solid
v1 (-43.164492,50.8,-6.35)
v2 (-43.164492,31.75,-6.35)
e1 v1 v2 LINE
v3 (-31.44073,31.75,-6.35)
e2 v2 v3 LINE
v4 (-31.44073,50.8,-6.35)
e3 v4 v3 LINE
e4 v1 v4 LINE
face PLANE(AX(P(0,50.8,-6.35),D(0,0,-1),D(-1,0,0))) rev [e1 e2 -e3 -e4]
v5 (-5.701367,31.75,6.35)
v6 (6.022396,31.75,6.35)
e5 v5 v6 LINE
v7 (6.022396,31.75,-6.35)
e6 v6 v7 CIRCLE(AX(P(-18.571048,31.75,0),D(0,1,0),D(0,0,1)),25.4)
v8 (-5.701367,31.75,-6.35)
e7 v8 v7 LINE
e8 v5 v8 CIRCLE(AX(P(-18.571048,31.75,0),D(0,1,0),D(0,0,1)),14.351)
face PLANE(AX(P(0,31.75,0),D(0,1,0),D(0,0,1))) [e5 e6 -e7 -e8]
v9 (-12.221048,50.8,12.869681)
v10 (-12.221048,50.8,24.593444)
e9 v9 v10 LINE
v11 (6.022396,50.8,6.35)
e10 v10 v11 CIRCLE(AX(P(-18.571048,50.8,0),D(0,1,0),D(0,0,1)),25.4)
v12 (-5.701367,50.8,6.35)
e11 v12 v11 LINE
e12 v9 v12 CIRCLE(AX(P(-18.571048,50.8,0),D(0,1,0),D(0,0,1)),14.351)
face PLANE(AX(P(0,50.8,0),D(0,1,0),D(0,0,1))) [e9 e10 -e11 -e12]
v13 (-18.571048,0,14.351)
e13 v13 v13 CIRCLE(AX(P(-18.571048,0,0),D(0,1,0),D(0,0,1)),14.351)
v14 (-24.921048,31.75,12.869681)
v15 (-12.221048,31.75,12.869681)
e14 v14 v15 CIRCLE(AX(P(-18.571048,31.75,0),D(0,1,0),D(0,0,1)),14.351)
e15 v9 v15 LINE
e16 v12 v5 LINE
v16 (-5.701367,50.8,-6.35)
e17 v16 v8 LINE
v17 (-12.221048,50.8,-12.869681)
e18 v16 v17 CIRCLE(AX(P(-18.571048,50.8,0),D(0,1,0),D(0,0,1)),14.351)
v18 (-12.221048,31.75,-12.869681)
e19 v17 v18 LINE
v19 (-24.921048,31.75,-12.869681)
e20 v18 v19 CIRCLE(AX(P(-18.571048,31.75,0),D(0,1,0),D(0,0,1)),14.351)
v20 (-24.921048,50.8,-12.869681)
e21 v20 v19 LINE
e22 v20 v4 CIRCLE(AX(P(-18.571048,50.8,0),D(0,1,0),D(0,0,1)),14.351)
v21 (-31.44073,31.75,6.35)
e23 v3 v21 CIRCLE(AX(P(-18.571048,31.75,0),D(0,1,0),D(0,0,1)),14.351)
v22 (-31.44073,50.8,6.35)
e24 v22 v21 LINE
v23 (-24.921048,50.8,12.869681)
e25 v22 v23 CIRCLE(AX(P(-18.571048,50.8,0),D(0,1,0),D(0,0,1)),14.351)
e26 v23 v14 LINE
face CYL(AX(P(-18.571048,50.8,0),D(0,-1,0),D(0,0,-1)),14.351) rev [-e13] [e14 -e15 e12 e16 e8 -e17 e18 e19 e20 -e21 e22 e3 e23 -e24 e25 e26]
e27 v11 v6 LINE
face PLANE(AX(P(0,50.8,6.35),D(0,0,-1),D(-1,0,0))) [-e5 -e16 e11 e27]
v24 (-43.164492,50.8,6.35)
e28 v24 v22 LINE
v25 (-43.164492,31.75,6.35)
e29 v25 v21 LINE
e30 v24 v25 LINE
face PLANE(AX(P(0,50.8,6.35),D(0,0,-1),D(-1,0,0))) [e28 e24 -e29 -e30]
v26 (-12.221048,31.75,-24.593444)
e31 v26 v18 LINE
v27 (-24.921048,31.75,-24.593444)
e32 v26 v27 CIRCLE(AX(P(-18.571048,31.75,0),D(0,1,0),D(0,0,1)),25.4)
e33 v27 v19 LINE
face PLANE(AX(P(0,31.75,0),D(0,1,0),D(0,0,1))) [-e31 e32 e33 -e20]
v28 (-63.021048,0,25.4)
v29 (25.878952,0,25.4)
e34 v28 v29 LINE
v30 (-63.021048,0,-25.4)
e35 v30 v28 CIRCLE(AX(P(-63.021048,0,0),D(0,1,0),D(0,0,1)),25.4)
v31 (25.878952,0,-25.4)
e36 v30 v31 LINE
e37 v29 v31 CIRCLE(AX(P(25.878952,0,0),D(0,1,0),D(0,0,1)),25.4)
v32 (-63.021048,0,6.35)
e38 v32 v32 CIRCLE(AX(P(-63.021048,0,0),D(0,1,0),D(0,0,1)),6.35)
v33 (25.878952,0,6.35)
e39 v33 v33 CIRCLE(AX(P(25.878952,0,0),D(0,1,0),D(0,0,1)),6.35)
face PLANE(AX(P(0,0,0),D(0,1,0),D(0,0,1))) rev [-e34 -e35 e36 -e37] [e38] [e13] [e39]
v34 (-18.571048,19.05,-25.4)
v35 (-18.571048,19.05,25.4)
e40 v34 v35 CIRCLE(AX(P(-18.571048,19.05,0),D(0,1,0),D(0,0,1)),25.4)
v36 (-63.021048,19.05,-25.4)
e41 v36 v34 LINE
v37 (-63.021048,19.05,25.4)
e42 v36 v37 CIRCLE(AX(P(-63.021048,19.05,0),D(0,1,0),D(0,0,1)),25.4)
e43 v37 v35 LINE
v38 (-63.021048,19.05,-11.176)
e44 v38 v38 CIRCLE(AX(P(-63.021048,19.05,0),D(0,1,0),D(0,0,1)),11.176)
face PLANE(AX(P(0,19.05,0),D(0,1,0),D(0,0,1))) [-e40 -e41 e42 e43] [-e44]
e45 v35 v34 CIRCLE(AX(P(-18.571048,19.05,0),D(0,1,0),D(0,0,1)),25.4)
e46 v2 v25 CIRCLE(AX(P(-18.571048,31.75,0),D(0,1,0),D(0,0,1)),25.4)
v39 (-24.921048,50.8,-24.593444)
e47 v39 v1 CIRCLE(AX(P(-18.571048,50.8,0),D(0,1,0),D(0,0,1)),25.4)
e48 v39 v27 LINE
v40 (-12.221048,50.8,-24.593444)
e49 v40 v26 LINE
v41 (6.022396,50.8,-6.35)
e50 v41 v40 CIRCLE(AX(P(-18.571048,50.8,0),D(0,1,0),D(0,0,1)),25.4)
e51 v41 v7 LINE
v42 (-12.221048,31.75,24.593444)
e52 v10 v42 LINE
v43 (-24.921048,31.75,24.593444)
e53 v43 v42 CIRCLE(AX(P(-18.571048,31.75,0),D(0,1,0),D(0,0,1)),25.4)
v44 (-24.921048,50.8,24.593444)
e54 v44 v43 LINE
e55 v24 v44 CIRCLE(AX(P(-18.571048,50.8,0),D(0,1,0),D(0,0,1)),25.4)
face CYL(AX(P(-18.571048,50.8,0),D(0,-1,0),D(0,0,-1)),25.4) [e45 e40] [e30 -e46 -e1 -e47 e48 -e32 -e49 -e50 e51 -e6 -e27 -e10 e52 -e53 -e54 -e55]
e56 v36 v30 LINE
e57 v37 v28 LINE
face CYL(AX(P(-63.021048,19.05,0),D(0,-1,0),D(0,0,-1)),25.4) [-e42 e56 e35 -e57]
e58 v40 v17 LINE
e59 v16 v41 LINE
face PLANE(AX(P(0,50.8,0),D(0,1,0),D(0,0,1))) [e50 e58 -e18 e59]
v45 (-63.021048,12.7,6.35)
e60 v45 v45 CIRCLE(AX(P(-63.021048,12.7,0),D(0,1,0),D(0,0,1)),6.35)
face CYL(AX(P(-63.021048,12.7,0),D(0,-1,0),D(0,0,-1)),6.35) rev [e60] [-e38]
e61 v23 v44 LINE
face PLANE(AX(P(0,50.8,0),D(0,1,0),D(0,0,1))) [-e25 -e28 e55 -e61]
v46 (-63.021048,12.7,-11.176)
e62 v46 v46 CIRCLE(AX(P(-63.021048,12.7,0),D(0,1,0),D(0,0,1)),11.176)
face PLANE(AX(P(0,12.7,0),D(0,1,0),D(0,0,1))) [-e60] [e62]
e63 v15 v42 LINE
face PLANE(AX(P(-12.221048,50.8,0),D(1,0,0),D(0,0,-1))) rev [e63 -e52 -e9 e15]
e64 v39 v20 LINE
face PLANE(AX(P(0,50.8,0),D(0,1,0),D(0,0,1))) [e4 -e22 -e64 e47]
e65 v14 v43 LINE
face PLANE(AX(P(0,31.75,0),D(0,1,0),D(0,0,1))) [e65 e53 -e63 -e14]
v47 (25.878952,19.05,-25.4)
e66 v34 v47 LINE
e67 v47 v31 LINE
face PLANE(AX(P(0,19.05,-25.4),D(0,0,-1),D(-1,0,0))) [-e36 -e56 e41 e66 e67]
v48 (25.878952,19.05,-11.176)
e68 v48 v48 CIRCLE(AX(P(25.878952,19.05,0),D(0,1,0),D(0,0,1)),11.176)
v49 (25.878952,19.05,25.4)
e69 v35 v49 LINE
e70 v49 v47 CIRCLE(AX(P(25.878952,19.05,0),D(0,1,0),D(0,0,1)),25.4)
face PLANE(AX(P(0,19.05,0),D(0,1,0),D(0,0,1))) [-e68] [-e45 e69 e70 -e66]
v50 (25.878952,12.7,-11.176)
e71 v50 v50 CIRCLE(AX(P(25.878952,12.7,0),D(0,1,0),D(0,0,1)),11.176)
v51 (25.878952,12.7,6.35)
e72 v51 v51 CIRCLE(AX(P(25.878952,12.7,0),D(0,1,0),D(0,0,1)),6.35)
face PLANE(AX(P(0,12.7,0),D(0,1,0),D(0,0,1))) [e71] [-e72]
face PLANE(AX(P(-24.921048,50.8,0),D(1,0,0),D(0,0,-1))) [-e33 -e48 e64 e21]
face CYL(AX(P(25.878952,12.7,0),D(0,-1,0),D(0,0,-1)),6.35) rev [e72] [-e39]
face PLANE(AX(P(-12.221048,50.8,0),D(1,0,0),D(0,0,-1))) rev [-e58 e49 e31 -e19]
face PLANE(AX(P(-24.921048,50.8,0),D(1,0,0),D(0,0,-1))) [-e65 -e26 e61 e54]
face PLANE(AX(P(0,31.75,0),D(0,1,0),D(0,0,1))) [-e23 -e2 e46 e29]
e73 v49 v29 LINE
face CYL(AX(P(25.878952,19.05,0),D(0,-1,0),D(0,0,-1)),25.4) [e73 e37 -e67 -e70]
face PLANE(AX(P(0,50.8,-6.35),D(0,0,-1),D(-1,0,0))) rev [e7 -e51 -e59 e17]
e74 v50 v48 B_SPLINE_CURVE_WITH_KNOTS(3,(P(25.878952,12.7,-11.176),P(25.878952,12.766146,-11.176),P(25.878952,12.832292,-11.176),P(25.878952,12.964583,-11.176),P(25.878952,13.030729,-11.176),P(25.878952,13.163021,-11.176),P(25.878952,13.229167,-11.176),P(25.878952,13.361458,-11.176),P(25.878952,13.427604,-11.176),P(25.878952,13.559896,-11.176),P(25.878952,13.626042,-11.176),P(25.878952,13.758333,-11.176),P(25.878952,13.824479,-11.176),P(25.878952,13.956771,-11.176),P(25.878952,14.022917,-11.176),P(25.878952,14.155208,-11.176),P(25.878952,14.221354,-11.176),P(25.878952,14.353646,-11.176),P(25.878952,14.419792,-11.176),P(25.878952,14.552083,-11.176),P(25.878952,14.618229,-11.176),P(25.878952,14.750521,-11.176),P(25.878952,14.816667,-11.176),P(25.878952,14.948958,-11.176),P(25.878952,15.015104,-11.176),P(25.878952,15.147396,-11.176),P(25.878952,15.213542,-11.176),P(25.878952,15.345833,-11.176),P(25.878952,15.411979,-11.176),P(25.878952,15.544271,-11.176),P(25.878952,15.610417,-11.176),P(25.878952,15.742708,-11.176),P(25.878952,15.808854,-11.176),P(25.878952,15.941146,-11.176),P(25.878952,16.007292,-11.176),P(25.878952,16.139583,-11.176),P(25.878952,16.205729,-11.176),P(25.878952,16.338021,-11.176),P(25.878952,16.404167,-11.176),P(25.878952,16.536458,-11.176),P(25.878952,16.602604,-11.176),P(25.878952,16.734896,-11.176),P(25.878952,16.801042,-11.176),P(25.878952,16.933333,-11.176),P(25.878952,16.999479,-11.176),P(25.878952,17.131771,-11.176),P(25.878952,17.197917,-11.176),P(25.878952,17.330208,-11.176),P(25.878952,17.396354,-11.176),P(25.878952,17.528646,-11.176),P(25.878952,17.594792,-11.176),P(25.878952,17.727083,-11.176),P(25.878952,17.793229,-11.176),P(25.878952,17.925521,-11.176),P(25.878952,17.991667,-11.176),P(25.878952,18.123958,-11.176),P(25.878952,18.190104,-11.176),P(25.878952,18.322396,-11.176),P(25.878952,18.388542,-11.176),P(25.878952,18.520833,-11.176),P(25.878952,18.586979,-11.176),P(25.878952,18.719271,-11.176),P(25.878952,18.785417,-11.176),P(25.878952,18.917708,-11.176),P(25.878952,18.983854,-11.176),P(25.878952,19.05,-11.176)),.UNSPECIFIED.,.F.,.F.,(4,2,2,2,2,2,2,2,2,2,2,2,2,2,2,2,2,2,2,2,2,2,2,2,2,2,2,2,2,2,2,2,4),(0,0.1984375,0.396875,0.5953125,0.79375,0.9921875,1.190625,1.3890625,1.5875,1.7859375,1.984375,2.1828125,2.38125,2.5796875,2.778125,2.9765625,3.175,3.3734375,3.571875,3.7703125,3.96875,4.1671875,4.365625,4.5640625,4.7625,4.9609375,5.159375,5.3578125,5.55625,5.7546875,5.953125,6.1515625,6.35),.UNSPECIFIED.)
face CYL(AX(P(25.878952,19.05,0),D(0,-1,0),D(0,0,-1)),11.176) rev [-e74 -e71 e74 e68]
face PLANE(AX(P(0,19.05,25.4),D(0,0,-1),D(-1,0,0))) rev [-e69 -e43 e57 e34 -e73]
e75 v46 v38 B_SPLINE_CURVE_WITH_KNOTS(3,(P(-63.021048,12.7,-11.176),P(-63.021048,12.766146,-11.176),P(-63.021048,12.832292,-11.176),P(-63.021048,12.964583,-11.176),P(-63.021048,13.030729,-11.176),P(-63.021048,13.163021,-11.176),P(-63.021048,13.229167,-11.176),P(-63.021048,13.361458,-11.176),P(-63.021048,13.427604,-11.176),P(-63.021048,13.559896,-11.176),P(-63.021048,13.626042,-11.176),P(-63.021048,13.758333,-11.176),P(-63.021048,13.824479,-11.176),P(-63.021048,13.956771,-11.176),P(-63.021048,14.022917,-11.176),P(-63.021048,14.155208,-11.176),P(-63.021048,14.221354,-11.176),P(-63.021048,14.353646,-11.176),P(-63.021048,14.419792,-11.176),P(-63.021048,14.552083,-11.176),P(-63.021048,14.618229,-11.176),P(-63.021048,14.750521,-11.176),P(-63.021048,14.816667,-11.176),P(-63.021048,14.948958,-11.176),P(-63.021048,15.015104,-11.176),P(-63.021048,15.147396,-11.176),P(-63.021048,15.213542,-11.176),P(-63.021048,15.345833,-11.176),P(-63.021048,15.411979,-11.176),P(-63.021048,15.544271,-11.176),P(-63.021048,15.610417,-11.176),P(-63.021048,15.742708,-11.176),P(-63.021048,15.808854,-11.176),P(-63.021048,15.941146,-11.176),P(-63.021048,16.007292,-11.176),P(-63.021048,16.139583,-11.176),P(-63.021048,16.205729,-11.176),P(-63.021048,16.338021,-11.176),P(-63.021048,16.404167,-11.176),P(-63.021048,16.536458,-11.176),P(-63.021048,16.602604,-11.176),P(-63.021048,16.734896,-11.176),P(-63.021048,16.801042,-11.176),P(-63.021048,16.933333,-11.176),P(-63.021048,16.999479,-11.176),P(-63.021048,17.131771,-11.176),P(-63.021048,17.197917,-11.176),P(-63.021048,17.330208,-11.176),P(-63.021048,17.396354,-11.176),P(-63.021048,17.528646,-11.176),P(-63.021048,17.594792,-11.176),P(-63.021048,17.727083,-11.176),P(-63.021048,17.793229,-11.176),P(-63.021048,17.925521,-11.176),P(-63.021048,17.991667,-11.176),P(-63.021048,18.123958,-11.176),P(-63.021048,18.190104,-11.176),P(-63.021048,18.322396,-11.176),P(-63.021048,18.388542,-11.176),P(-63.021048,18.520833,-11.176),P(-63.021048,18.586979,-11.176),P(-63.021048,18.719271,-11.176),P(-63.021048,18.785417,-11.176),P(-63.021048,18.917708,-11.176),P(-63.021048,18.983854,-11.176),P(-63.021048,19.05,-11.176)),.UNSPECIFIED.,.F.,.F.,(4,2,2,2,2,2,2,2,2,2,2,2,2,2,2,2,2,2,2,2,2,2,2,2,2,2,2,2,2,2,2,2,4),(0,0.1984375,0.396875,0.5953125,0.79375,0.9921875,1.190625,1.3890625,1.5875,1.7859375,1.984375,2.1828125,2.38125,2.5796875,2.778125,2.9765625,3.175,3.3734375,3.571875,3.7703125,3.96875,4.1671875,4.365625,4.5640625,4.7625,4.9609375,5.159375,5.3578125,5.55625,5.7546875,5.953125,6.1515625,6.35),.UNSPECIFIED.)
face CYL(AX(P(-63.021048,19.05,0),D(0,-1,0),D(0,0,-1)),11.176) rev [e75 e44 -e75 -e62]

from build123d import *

# Parameters (mm, degrees)
SKETCH1_R             = 11.176
BOSS_EXTRUDE1_DEPTH   = 19.05
BOSS_EXTRUDE1_2_DEPTH = 19.05
BOSS_EXTRUDE2_DEPTH   = 50.8
BOSS_EXTRUDE3_DEPTH   = 31.75
SKETCH1_5_R           = 11.176
SKETCH1_5_R_2         = 6.35
BOSS_EXTRUDE4_DEPTH   = 12.7


with BuildPart() as part:
    # Sketch1 → Boss-Extrude1 (new body)
    with BuildSketch(Plane(origin=(0, 0, 0), x_dir=(1, 0, 0), z_dir=(0, 1, 0))):
        with BuildLine():
            ThreePointArc((-63.02104825, 25.4), (-88.42104825, 0), (-63.02104825, -25.4))
            Line((-63.02104825, -25.4), (-18.57104825, -25.4))
            ThreePointArc((-18.57104825, -25.4), (-43.97104825, -1.3e-08), (-18.571048276, 25.4))
            Line((-18.571048276, 25.4), (-63.02104825, 25.4))
        make_face()
        with Locations(Location((-63.02104825, 0, 0), (0, 0, 90))):
            Circle(SKETCH1_R, mode=Mode.SUBTRACT)
    extrude(amount=BOSS_EXTRUDE1_DEPTH)



with BuildPart() as body_2:
    # Sketch1 → Boss-Extrude1 2 (new body)
    with BuildSketch(Plane(origin=(0, 0, 0), x_dir=(1, 0, 0), z_dir=(0, 1, 0))):
        with BuildLine():
            ThreePointArc((-18.571048276, 25.4), (6.82895175, 1.3e-08), (-18.57104825, -25.4))
            Line((-18.57104825, -25.4), (25.87895175, -25.4))
            ThreePointArc((25.87895175, -25.4), (51.27895175, 0), (25.87895175, 25.4))
            Line((25.87895175, 25.4), (-18.571048276, 25.4))
        make_face()
        with Locations(Location((25.87895175, 0, 0), (0, 0, 90))):
            Circle(SKETCH1_R, mode=Mode.SUBTRACT)
    extrude(amount=BOSS_EXTRUDE1_2_DEPTH)


with BuildPart() as part_1:
    add(part.part)

    add(body_2.part)  # Boss-Extrude2 merges body 2
    # Sketch1<3> → Boss-Extrude2 (add)
    with BuildSketch(Plane(origin=(0, 0, 0), x_dir=(1, 0, 0), z_dir=(0, 1, 0))):
        with BuildLine():
            Line((-24.92104825, 12.869681465), (-24.92104825, 24.593444248))
            ThreePointArc((-24.92104825, 24.593444248), (-36.531560492, 17.960512242), (-43.164492498, 6.35))
            Line((-43.164492498, 6.35), (-31.440729714, 6.35))
            ThreePointArc((-31.440729714, 6.35), (-28.718737667, 10.147689417), (-24.92104825, 12.869681465))
        make_face()
        with BuildLine():
            ThreePointArc((6.022395999, 6.35), (-0.610536008, 17.960512242), (-12.22104825, 24.593444248))
            Line((-12.22104825, 24.593444248), (-12.22104825, 12.869681465))
            ThreePointArc((-12.22104825, 12.869681465), (-8.423358833, 10.147689417), (-5.701366785, 6.35))
            Line((-5.701366785, 6.35), (6.022395999, 6.35))
        make_face()
        with BuildLine():
            ThreePointArc((-43.164492498, -6.35), (-36.531560492, -17.960512242), (-24.92104825, -24.593444248))
            Line((-24.92104825, -24.593444248), (-24.92104825, -12.869681465))
            ThreePointArc((-24.92104825, -12.869681465), (-28.718737667, -10.147689417), (-31.440729714, -6.35))
            Line((-31.440729714, -6.35), (-43.164492498, -6.35))
        make_face()
        with BuildLine():
            Line((-12.22104825, -12.869681465), (-12.22104825, -24.593444248))
            ThreePointArc((-12.22104825, -24.593444248), (-0.610536008, -17.960512242), (6.022395999, -6.35))
            Line((6.022395999, -6.35), (-5.701366785, -6.35))
            ThreePointArc((-5.701366785, -6.35), (-8.423358833, -10.147689417), (-12.22104825, -12.869681465))
        make_face()
    extrude(amount=BOSS_EXTRUDE2_DEPTH)

    # Sketch1<4> → Boss-Extrude3 (add)
    with BuildSketch(Plane(origin=(0, 0, 0), x_dir=(1, 0, 0), z_dir=(0, 1, 0))):
        with BuildLine():
            ThreePointArc((-18.571048276, 25.4), (-21.771557292, 25.197554284), (-24.92104825, 24.593444248))
            Line((-24.92104825, 24.593444248), (-24.92104825, 12.869681465))
            ThreePointArc((-24.92104825, 12.869681465), (-18.57104825, 14.351), (-12.22104825, 12.869681465))
            Line((-12.22104825, 12.869681465), (-12.22104825, 24.593444248))
            ThreePointArc((-12.22104825, 24.593444248), (-15.370539234, 25.197554287), (-18.571048276, 25.4))
        make_face()
        with BuildLine():
            Line((-24.92104825, -12.869681465), (-24.92104825, -24.593444248))
            ThreePointArc((-24.92104825, -24.593444248), (-21.771557279, -25.197554285), (-18.57104825, -25.4))
            ThreePointArc((-18.57104825, -25.4), (-15.370539221, -25.197554285), (-12.22104825, -24.593444248))
            Line((-12.22104825, -24.593444248), (-12.22104825, -12.869681465))
            ThreePointArc((-12.22104825, -12.869681465), (-18.57104825, -14.351), (-24.92104825, -12.869681465))
        make_face()
        with BuildLine():
            ThreePointArc((-43.164492498, 6.35), (-43.768602535, 3.200509029), (-43.97104825, 0))
            Line((-43.97104825, 0), (-32.92204825, 0))
            ThreePointArc((-32.92204825, 0), (-32.546812982, 3.260245566), (-31.440729714, 6.35))
            Line((-31.440729714, 6.35), (-43.164492498, 6.35))
        make_face()
        with BuildLine():
            ThreePointArc((-5.701366785, 6.35), (-4.595283518, 3.260245566), (-4.22004825, 0))
            Line((-4.22004825, 0), (6.82895175, 0))
            ThreePointArc((6.82895175, 0), (6.626506035, 3.200509029), (6.022395999, 6.35))
            Line((6.022395999, 6.35), (-5.701366785, 6.35))
        make_face()
        with BuildLine():
            Line((-32.92204825, 0), (-43.97104825, 0))
            ThreePointArc((-43.97104825, 0), (-43.768602535, -3.200509029), (-43.164492498, -6.35))
            Line((-43.164492498, -6.35), (-31.440729714, -6.35))
            ThreePointArc((-31.440729714, -6.35), (-32.546812982, -3.260245566), (-32.92204825, 0))
        make_face()
        with BuildLine():
            Line((6.82895175, 0), (-4.22004825, 0))
            ThreePointArc((-4.22004825, 0), (-4.595283518, -3.260245566), (-5.701366785, -6.35))
            Line((-5.701366785, -6.35), (6.022395999, -6.35))
            ThreePointArc((6.022395999, -6.35), (6.626506035, -3.200509029), (6.82895175, 0))
        make_face()
    extrude(amount=BOSS_EXTRUDE3_DEPTH)

    # Sketch1<5> → Boss-Extrude4 (add)
    # profile 1 of 2: a face of its own
    with BuildSketch(Plane(origin=(0, 0, 0), x_dir=(1, 0, 0), z_dir=(0, 1, 0))):
        with Locations(Location((-63.02104825, 0, 0), (0, 0, 90))):
            Circle(SKETCH1_5_R)
        with Locations(Location((-63.02104825, 0, 0), (0, 0, 270))):
            Circle(SKETCH1_5_R_2, mode=Mode.SUBTRACT)
    # profile 2 of 2: a face of its own
    with BuildSketch(Plane(origin=(0, 0, 0), x_dir=(1, 0, 0), z_dir=(0, 1, 0))):
        with Locations(Location((25.87895175, 0, 0), (0, 0, 90))):
            Circle(SKETCH1_5_R)
        with Locations(Location((25.87895175, 0, 0), (0, 0, 270))):
            Circle(SKETCH1_5_R_2, mode=Mode.SUBTRACT)
    extrude(amount=BOSS_EXTRUDE4_DEPTH)


solid = part_1.part
